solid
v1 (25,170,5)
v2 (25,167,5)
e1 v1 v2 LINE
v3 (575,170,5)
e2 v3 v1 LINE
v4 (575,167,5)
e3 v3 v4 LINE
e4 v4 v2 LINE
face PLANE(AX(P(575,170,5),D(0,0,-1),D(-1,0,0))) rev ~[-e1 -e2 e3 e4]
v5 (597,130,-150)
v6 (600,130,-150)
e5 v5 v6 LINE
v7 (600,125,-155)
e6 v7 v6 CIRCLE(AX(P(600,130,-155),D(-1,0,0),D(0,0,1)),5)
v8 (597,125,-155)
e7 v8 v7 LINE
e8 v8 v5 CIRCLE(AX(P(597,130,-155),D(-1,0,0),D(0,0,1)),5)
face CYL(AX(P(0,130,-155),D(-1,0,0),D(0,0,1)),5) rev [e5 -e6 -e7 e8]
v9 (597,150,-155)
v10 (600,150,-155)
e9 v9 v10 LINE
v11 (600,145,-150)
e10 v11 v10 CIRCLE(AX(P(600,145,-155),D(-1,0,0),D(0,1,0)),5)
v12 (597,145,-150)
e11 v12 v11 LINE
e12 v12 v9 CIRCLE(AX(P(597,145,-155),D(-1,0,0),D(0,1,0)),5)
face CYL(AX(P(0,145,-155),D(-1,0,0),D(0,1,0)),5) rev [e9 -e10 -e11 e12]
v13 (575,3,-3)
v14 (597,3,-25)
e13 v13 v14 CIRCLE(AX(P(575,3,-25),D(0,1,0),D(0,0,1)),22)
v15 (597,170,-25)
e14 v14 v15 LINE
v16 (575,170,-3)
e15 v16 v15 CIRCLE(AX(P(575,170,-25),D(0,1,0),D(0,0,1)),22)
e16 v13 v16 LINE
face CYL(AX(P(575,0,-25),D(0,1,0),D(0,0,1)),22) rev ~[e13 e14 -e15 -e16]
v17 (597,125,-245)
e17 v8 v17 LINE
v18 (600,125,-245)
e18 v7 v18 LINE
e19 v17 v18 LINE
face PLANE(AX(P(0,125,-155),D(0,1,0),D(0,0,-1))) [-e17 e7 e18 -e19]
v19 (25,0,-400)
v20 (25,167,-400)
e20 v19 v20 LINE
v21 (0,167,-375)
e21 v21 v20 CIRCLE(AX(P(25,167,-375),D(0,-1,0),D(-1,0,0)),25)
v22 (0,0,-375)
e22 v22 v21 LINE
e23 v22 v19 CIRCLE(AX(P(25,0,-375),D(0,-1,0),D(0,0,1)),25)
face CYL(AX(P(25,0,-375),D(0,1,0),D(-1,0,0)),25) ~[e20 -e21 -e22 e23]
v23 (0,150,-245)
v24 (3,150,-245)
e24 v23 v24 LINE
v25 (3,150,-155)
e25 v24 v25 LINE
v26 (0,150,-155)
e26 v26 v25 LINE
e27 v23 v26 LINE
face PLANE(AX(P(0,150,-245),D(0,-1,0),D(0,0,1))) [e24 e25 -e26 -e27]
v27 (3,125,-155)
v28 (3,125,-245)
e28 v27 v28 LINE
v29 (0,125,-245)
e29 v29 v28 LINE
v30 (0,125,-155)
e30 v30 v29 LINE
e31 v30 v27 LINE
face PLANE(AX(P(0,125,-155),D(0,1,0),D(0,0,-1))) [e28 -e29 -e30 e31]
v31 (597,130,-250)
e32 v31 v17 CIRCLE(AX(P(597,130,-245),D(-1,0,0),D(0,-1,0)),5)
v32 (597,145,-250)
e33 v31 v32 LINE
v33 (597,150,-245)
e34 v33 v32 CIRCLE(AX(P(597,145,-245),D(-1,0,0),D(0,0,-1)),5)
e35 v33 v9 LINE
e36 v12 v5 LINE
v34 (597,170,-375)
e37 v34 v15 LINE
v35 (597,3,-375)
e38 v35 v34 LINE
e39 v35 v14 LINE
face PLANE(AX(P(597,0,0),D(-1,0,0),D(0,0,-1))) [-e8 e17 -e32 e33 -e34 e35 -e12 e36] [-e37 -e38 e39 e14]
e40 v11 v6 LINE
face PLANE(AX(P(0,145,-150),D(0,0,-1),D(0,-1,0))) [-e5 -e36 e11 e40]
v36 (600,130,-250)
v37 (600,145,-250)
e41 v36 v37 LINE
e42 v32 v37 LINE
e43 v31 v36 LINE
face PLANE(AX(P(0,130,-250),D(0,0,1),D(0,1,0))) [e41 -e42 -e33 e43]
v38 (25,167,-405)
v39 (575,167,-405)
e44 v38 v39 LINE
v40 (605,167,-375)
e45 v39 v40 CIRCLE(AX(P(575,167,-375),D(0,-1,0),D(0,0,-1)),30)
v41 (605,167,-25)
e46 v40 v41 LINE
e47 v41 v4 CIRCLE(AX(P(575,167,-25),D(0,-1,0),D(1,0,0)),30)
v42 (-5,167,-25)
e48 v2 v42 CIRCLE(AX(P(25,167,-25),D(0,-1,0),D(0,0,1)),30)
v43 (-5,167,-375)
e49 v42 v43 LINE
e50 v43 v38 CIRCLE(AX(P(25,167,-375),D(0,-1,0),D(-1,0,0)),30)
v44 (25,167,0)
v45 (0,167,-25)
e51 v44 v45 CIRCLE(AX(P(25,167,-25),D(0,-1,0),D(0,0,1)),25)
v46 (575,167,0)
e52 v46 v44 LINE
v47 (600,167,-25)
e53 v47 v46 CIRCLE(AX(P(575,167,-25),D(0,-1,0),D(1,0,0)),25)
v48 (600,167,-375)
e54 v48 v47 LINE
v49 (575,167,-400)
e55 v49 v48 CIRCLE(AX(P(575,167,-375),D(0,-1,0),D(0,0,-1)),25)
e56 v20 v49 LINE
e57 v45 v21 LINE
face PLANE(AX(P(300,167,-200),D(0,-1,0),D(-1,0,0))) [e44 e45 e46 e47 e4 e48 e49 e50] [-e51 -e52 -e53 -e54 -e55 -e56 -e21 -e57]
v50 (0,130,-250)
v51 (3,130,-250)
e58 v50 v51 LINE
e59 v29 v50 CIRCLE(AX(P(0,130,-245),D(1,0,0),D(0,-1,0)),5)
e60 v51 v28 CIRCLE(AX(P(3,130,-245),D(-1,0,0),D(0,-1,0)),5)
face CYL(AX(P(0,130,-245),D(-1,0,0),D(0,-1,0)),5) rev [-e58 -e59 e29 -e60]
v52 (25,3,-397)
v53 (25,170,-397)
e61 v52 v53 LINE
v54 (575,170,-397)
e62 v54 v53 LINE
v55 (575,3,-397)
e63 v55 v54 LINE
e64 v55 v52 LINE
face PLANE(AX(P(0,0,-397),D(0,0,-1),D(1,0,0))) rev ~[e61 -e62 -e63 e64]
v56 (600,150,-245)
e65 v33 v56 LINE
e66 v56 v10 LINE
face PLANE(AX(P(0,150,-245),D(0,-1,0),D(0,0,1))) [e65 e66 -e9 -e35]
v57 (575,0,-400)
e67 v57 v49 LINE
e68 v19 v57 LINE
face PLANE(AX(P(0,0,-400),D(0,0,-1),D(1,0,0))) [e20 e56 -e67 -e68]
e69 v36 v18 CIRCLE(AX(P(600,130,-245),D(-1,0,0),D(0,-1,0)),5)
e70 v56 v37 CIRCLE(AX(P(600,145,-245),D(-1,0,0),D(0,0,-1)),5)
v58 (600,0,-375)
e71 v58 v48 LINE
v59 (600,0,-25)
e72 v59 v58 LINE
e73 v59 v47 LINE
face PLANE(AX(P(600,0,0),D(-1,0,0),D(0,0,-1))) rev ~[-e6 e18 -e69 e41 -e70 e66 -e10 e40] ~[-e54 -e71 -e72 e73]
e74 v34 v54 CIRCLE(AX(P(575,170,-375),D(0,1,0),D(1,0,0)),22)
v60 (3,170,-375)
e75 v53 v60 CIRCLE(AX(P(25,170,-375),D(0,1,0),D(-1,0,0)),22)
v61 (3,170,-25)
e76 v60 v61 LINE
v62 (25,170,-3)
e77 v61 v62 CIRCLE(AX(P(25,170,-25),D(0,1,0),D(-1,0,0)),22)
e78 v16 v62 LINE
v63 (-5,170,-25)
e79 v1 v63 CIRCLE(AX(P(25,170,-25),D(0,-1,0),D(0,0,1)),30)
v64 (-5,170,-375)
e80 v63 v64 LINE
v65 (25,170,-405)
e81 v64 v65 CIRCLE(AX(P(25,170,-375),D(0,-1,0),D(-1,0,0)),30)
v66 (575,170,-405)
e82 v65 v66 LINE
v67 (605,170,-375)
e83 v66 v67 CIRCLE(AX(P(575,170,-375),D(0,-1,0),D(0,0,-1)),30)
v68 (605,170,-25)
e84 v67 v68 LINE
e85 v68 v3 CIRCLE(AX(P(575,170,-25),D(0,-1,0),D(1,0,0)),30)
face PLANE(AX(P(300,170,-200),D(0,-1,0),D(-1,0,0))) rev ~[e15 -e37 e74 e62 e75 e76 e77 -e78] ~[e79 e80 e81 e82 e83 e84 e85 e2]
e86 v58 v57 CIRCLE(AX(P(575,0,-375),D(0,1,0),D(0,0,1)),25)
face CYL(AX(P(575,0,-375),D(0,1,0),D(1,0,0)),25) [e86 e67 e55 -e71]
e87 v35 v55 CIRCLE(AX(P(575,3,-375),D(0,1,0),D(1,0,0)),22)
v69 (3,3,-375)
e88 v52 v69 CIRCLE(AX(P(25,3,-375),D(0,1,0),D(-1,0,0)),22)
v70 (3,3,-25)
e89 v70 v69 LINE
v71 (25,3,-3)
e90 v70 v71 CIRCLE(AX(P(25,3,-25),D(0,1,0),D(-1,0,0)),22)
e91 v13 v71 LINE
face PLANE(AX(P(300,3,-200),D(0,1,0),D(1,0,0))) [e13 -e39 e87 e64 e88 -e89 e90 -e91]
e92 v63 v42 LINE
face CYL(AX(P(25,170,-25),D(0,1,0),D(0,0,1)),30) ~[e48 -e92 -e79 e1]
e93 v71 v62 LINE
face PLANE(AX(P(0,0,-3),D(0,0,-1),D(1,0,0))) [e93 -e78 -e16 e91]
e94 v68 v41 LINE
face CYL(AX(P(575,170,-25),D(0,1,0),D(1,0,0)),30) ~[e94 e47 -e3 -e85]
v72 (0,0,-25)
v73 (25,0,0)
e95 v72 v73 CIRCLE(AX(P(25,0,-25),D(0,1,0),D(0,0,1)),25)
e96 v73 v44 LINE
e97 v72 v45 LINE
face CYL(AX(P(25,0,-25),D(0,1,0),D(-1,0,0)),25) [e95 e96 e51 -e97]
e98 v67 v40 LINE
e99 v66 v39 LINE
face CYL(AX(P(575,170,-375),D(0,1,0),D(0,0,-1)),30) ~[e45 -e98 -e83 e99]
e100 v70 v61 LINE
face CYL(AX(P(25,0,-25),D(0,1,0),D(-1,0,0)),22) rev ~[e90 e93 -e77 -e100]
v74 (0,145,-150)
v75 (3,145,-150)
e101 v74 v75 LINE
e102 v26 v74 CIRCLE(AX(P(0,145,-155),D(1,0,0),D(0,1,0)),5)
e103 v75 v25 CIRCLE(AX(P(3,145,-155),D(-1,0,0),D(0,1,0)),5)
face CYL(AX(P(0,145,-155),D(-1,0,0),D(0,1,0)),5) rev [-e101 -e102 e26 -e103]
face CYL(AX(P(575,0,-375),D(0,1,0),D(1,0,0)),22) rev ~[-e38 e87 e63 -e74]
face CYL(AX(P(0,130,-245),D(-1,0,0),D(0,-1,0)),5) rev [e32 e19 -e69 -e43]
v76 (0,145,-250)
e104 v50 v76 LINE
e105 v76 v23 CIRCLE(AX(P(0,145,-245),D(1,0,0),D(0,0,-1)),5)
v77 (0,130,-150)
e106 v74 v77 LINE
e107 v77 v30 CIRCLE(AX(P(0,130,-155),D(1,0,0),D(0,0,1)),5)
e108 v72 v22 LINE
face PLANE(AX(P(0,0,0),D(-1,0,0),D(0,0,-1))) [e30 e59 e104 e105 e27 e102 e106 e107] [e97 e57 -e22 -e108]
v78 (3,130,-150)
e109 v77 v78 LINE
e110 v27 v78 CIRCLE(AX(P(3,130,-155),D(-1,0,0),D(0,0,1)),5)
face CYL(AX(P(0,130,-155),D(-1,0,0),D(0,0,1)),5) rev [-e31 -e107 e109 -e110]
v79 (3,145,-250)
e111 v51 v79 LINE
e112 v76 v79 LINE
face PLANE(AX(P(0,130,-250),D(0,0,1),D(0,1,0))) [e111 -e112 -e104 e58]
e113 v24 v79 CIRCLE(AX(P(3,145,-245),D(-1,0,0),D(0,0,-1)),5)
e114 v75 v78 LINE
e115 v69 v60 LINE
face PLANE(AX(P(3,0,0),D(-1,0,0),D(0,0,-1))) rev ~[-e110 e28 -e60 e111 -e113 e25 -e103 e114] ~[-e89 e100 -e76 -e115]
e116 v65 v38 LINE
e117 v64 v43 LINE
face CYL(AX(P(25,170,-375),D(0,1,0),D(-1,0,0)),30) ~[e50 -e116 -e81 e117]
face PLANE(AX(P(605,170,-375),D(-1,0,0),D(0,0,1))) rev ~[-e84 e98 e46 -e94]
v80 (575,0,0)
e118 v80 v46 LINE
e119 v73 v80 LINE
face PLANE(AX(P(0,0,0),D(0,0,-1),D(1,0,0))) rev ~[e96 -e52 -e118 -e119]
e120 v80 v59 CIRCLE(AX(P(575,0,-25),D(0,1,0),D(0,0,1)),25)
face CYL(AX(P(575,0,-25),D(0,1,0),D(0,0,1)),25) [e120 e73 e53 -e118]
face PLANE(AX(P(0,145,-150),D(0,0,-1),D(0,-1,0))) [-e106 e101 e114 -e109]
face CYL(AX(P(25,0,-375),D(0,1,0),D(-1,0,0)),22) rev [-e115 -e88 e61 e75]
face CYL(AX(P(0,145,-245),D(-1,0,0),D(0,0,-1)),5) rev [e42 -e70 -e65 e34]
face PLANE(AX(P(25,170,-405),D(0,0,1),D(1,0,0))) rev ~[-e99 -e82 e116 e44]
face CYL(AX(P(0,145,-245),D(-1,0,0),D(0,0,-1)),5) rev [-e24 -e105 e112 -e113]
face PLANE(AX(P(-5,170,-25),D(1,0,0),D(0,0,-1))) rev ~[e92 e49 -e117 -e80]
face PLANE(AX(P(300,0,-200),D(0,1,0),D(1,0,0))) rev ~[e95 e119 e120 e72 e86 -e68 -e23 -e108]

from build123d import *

# Parameters (mm, degrees)
SKETCH1_W               = 600
SKETCH1_H               = 400
BOSS_EXTRUDE1_DEPTH     = 170
FILLET1_R               = 25
SHELL1_T                = -3
EXTRUDE_THIN1_DEPTH     = 3
CUT_EXTRUDE2_DEPTH      = 1000
CUT_EXTRUDE2_DEPTH_BACK = 1000


with BuildPart() as part:
    # Sketch1 → Boss-Extrude1 (new body)
    with BuildSketch(Plane(origin=(0, 0, 0), x_dir=(1, 0, 0), z_dir=(0, 1, 0))):
        with Locations((300, 200)):
            Rectangle(SKETCH1_W, SKETCH1_H)
    extrude(amount=BOSS_EXTRUDE1_DEPTH)

    # Fillet1
    fillet1_edges = [part.edges().sort_by_distance(p)[0] for p in [
        (0, 85, -400),
        (600, 85, -400),
        (600, 85, 0),
        (0, 85, 0),
    ]]
    fillet(fillet1_edges, radius=FILLET1_R)

    # Shell1
    shell1_openings = [part.faces().sort_by_distance(p)[0] for p in [
        (300, 170, -200),
    ]]
    offset(amount=SHELL1_T, openings=shell1_openings, kind=Kind.INTERSECTION)

    # Sketch2 → Extrude-Thin1 (add)
    with BuildSketch(Plane(origin=(0, 170, 0), x_dir=(1, 0, 0), z_dir=(0, 1, 0))):
        with BuildLine():
            Line((-5, 25), (-5, 375))
            ThreePointArc((-5, 375), (3.786796564, 396.213203436), (25, 405))
            Line((25, 405), (575, 405))
            ThreePointArc((575, 405), (596.213203436, 396.213203436), (605, 375))
            Line((605, 375), (605, 25))
            ThreePointArc((605, 25), (596.213203436, 3.786796564), (575, -5))
            Line((575, -5), (25, -5))
            ThreePointArc((25, -5), (3.786796564, 3.786796564), (-5, 25))
        make_face()
        with BuildLine():
            Line((0, 25), (0, 375))
            ThreePointArc((0, 375), (7.32233047, 392.67766953), (25, 400))
            Line((25, 400), (575, 400))
            ThreePointArc((575, 400), (592.67766953, 392.67766953), (600, 375))
            Line((600, 375), (600, 25))
            ThreePointArc((600, 25), (592.67766953, 7.32233047), (575, 0))
            Line((575, 0), (25, 0))
            ThreePointArc((25, 0), (7.32233047, 7.32233047), (0, 25))
        make_face(mode=Mode.SUBTRACT)
    extrude(amount=-EXTRUDE_THIN1_DEPTH)

    # Sketch4 → Cut-Extrude2 (cut, two sides)
    with BuildSketch(Plane.ZY) as cut_extrude2_sk:
        with BuildLine():
            Line((-200, 150), (-155, 150))
            ThreePointArc((-155, 150), (-151.464466094, 148.535533906), (-150, 145))
            Line((-150, 145), (-150, 130))
            ThreePointArc((-150, 130), (-151.464466094, 126.464466094), (-155, 125))
            Line((-155, 125), (-245, 125))
            ThreePointArc((-245, 125), (-248.535533906, 126.464466094), (-250, 130))
            Line((-250, 130), (-250, 145))
            ThreePointArc((-250, 145), (-248.535533906, 148.535533906), (-245, 150))
            Line((-245, 150), (-200, 150))
        make_face()
    extrude(amount=CUT_EXTRUDE2_DEPTH, mode=Mode.SUBTRACT)
    extrude(cut_extrude2_sk.sketch, amount=-CUT_EXTRUDE2_DEPTH_BACK, mode=Mode.SUBTRACT)


solid = part.part
